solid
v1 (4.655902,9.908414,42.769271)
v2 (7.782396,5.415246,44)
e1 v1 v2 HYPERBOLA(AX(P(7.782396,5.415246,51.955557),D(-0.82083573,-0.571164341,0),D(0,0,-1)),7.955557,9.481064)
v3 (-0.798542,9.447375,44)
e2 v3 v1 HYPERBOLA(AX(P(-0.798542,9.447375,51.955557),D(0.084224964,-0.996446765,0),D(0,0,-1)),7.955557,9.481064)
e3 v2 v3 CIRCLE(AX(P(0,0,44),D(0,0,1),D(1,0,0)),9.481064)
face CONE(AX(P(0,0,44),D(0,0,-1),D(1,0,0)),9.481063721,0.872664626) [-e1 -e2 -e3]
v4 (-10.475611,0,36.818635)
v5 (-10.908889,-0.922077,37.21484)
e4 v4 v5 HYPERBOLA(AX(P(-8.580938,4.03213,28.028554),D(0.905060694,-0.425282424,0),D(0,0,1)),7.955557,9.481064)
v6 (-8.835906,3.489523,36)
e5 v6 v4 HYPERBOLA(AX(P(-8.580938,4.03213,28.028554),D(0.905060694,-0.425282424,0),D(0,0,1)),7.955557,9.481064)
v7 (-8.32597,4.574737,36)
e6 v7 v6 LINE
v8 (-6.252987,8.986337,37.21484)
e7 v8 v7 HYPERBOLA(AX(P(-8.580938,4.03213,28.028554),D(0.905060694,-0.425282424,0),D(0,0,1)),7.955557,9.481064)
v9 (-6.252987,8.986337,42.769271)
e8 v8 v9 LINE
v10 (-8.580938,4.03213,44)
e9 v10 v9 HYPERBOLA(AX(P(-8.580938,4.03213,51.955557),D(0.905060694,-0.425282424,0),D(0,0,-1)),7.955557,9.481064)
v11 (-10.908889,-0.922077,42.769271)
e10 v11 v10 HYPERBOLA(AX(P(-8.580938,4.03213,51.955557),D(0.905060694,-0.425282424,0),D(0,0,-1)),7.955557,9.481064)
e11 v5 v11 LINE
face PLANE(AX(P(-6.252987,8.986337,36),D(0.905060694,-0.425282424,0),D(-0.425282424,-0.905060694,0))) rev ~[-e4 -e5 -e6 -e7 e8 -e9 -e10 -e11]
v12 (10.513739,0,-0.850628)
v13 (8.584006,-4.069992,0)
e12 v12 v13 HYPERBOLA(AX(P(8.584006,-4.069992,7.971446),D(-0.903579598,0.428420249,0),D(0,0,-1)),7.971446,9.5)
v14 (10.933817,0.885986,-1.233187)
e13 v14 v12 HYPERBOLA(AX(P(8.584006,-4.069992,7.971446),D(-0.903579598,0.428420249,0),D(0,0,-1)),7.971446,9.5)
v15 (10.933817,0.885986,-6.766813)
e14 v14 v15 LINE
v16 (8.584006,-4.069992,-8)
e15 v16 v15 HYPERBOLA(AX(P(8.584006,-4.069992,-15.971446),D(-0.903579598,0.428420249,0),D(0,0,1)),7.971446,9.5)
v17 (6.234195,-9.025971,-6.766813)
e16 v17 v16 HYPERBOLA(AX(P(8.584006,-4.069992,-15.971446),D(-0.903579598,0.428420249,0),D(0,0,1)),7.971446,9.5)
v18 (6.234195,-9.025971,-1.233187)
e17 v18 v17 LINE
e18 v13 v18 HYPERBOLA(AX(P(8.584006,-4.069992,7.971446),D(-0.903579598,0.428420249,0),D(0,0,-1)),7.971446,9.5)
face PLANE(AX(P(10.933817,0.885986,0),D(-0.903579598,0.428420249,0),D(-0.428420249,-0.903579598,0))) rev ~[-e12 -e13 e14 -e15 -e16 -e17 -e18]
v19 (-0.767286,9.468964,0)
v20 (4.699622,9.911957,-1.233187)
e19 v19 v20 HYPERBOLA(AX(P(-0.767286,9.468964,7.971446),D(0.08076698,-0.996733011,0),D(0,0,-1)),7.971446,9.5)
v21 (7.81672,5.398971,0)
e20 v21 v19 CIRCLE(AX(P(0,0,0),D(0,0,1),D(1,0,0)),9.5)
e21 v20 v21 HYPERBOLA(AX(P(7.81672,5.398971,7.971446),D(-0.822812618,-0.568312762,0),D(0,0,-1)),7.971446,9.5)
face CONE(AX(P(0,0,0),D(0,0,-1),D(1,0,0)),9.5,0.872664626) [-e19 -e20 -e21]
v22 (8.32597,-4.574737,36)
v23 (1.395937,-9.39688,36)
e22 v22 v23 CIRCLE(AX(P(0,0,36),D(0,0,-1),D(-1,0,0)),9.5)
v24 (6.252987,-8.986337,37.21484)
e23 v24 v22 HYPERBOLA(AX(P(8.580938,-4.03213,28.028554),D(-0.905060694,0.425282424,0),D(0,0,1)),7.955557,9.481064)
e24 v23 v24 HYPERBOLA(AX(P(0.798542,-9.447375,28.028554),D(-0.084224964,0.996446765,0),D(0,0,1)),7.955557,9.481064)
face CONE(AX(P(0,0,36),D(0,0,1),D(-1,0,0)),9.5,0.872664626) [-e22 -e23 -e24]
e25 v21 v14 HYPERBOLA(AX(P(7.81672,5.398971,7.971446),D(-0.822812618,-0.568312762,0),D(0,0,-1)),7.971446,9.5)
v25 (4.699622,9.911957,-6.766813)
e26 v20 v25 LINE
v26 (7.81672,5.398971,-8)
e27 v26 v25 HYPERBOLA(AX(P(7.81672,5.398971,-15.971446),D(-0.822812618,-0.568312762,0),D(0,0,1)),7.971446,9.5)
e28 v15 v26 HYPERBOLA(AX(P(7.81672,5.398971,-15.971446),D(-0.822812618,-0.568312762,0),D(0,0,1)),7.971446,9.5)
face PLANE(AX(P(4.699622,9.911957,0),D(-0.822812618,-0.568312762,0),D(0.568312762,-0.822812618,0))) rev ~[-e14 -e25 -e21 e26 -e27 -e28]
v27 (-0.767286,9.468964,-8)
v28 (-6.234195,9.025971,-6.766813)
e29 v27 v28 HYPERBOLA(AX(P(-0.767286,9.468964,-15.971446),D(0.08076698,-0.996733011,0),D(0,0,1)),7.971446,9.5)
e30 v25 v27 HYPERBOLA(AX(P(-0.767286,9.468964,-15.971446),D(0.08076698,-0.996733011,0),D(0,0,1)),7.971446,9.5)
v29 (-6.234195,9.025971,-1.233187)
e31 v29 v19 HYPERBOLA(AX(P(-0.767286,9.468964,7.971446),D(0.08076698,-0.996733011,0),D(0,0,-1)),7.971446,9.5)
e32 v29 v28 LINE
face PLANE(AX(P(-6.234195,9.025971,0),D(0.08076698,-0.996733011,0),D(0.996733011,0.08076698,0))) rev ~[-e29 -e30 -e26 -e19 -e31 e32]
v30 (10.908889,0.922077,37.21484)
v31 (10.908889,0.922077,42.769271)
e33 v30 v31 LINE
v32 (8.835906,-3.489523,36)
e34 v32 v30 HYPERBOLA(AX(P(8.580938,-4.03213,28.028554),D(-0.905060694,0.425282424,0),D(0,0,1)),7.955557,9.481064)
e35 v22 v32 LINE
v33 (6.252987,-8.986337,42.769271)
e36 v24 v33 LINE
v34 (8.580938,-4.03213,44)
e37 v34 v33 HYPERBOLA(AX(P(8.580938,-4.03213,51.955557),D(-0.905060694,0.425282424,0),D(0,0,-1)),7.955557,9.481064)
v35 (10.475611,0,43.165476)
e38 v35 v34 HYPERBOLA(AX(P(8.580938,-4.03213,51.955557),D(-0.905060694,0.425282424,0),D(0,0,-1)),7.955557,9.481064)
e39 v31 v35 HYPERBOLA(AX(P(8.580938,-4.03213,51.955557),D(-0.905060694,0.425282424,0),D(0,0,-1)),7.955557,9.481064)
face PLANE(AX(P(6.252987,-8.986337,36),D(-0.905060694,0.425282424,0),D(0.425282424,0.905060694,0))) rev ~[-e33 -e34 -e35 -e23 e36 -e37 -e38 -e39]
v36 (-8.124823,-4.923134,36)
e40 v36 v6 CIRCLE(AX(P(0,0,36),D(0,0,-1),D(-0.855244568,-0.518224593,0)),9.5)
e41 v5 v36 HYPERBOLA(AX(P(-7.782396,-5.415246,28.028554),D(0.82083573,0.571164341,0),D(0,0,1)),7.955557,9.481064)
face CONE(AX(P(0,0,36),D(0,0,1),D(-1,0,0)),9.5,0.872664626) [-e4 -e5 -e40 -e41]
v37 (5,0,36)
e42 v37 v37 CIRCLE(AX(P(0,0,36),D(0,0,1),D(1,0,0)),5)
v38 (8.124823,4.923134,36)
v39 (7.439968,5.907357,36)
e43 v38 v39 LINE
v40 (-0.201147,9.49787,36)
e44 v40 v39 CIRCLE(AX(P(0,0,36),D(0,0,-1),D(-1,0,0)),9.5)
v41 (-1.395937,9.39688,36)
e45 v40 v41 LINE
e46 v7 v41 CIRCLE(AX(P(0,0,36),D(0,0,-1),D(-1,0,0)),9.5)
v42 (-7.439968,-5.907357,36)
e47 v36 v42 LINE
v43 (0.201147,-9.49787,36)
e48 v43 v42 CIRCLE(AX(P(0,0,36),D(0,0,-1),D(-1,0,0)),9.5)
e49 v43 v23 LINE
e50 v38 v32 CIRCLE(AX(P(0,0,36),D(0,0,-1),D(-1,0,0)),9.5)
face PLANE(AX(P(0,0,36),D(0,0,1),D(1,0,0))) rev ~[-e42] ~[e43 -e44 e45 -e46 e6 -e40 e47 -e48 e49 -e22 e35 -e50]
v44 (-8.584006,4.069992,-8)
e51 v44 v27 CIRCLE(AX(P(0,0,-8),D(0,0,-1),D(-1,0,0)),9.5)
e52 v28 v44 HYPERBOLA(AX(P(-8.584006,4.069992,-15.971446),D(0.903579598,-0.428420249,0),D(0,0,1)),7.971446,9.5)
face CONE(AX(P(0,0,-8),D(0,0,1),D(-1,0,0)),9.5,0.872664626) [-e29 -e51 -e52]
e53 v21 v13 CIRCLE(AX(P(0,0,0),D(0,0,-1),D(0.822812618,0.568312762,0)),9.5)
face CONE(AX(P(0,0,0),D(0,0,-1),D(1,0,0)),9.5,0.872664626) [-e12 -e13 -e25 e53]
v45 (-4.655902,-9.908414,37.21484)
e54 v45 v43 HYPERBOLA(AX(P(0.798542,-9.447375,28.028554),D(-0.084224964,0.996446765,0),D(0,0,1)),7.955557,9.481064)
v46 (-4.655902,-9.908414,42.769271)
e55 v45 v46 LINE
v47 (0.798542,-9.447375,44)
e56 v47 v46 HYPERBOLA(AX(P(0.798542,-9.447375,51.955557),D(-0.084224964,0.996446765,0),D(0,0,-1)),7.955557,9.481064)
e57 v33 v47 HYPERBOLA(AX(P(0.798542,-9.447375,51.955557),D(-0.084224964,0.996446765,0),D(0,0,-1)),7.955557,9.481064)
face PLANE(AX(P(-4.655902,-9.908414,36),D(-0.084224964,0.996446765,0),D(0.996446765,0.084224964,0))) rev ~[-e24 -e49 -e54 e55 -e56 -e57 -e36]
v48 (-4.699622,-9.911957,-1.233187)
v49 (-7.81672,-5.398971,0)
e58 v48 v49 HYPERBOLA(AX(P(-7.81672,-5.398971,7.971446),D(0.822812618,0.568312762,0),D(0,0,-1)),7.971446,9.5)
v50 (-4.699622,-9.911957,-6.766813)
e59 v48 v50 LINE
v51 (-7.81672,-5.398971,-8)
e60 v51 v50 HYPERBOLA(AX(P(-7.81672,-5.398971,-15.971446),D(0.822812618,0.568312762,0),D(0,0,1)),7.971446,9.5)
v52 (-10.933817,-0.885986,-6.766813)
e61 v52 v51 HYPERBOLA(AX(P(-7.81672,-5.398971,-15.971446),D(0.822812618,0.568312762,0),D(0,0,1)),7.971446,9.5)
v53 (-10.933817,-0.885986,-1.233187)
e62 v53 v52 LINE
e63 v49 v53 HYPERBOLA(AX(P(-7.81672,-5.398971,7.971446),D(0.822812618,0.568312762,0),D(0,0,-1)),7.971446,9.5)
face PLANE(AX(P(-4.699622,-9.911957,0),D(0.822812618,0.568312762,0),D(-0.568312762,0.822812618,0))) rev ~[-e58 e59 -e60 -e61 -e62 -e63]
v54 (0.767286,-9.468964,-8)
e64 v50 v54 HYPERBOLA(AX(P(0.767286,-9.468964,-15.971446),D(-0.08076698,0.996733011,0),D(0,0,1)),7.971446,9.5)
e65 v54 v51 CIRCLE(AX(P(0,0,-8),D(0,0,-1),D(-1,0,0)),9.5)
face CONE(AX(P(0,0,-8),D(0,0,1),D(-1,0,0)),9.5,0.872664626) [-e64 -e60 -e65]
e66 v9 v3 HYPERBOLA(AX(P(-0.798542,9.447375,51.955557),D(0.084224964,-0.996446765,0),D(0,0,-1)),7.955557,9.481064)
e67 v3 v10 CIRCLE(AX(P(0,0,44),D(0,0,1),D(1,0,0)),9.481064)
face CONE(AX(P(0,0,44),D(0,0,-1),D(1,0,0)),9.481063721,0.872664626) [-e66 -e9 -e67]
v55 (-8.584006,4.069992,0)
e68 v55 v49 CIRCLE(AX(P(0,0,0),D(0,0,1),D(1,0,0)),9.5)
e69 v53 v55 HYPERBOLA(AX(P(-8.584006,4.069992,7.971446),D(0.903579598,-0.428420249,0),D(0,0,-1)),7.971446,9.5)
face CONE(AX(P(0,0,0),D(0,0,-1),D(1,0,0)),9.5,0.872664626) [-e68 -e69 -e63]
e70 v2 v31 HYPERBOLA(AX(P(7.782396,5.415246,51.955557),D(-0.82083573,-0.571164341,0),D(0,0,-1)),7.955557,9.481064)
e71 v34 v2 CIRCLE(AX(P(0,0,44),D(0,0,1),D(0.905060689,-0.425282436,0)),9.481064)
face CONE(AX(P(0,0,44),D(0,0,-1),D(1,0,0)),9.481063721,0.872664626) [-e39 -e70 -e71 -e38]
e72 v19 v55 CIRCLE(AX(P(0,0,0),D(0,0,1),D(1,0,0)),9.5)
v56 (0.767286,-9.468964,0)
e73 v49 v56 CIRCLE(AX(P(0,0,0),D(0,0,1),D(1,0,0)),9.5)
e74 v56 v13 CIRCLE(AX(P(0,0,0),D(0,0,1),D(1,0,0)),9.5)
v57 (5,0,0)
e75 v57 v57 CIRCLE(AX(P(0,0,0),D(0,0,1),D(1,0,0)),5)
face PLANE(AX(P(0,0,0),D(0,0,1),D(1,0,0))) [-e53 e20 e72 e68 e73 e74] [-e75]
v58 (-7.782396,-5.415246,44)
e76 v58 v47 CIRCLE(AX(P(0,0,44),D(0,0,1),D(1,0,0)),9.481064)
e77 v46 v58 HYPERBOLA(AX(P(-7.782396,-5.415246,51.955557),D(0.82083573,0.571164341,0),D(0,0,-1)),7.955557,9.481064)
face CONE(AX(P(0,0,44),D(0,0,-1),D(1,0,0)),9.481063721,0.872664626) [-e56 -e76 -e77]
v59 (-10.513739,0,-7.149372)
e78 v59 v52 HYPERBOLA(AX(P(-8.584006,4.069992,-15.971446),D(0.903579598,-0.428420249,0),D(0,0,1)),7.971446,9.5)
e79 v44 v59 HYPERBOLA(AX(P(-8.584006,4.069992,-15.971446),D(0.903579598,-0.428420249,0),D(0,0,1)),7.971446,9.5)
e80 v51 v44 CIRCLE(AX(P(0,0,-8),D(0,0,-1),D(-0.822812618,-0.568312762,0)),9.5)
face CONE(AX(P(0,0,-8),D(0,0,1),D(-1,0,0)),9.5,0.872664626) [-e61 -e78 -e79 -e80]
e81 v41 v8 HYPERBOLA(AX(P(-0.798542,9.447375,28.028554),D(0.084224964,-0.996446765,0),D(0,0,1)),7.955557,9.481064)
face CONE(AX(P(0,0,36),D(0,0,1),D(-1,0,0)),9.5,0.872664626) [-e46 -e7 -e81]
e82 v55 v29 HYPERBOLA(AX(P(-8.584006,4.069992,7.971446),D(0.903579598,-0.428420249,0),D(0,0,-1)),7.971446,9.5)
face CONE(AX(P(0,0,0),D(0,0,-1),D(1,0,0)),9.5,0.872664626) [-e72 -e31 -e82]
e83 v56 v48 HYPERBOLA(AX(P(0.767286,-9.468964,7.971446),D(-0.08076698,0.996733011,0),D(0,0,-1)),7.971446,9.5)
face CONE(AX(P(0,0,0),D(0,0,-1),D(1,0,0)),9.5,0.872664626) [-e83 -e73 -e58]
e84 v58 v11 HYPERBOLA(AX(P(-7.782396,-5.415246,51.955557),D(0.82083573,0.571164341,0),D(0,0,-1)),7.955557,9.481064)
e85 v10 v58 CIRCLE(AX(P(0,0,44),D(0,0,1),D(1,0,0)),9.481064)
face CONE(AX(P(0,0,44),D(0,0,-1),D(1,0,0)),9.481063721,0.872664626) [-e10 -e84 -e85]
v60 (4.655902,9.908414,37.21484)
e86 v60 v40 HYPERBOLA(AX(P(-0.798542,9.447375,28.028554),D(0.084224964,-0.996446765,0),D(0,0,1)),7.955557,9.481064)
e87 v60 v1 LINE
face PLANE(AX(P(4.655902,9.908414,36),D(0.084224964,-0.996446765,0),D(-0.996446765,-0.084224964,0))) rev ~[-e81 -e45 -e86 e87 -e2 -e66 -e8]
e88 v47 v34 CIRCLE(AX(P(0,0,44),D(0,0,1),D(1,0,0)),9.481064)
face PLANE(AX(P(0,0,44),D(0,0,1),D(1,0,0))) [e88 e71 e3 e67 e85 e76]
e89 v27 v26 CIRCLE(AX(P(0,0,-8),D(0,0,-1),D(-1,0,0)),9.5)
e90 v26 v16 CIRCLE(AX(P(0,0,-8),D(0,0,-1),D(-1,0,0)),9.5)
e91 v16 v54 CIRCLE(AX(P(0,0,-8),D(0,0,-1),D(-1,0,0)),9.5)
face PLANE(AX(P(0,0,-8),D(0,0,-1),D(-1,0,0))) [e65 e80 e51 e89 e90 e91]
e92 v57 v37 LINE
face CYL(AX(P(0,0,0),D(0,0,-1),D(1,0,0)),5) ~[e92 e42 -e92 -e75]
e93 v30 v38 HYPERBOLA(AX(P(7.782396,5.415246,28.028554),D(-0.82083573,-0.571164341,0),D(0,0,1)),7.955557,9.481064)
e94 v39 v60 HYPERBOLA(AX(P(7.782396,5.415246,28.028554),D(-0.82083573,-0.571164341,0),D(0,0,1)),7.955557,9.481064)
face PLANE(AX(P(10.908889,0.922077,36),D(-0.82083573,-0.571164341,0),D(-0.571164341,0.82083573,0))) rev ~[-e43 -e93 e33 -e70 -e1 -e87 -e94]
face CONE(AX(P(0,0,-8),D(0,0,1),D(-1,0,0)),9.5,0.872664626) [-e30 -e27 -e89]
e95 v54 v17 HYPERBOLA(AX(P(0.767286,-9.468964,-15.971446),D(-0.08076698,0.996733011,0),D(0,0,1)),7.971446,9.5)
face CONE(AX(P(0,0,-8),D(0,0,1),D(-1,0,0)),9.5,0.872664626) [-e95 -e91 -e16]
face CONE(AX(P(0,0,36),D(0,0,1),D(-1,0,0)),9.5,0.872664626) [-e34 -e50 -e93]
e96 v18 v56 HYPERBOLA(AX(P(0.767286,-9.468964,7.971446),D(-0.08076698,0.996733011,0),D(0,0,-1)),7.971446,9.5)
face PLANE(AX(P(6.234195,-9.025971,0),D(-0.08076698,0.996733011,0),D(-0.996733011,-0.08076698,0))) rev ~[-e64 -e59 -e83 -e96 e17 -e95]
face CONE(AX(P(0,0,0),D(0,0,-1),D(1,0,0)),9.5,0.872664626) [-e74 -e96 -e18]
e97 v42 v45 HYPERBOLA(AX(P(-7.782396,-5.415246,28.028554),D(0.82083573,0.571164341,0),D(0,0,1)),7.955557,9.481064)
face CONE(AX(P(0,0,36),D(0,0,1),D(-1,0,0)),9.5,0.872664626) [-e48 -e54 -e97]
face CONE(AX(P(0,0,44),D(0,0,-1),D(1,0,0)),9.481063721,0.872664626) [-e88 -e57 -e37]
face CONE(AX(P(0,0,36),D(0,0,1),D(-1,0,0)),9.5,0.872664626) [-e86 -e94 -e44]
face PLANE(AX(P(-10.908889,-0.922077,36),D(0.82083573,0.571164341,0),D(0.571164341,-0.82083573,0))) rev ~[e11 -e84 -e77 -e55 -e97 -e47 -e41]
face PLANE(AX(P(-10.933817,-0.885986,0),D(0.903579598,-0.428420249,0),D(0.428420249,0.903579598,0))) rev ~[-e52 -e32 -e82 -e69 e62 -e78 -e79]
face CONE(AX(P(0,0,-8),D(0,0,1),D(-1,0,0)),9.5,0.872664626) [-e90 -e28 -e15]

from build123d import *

# Parameters (mm, degrees)
SKETCH1_R           = 6
BOSS_EXTRUDE1_DEPTH = 36
BOSS_EXTRUDE2_DEPTH = 8
SKETCH3_OUTSIDE_W   = 53.532
SKETCH3_OUTSIDE_H   = 51.488
SKETCH3_OUTSIDE_R   = 9.5
CUT_EXTRUDE1_DEPTH  = 8
CUT_EXTRUDE1_DRAFT  = -50
SKETCH4_OUTSIDE_W   = 53.532
SKETCH4_OUTSIDE_H   = 51.488
SKETCH4_OUTSIDE_R   = 9.5
CUT_EXTRUDE3_DEPTH  = 8
CUT_EXTRUDE3_DRAFT  = -50
BOSS_EXTRUDE3_DEPTH = 8
SKETCH6_OUTSIDE_W   = 54.894
SKETCH6_OUTSIDE_H   = 52.85
SKETCH6_OUTSIDE_R   = 9.5
CUT_EXTRUDE6_DEPTH  = 8
CUT_EXTRUDE6_DRAFT  = -50
SKETCH7_OUTSIDE_W   = 54.894
SKETCH7_OUTSIDE_H   = 52.85
SKETCH7_OUTSIDE_R   = 9.481063721
CUT_EXTRUDE7_DEPTH  = 8
CUT_EXTRUDE7_DRAFT  = -50
SKETCH8_R           = 6
SKETCH8_R_2         = 5
CUT_EXTRUDE8_DEPTH  = 36


with BuildPart() as part:
    # Sketch1 → Boss-Extrude1 (new body)
    with BuildSketch(Plane.XY):
        Circle(SKETCH1_R)
    extrude(amount=BOSS_EXTRUDE1_DEPTH)

    # Sketch2 → Boss-Extrude2 (add)
    with BuildSketch(Plane(origin=(0, 0, 0), x_dir=(-1, 0, 0), z_dir=(0, 0, -1))):
        Polygon((-10.93381737, 0.885985919), (-6.234194998, -9.025970644), (4.699622372, -9.911956562), (10.93381737, -0.885985919), (6.234194998, 9.025970644), (-4.699622372, 9.911956562), align=None)
    extrude(amount=BOSS_EXTRUDE2_DEPTH)


with BuildPart() as cut_extrude1_tool:
    # Sketch3 outside → Cut-Extrude1 (with draft: the straight prism first)
    with BuildSketch(Plane.XY):
        Rectangle(SKETCH3_OUTSIDE_W, SKETCH3_OUTSIDE_H)
        Circle(SKETCH3_OUTSIDE_R, mode=Mode.SUBTRACT)
    extrude(amount=-CUT_EXTRUDE1_DEPTH)
    # Cut-Extrude1: the draft: its side faces are tilted about the plane it starts from
    cut_extrude1_sides = [cut_extrude1_tool.faces().sort_by_distance(p)[0] for p in [
        (0, -25.744, -4),
        (26.766, 0, -4),
        (0, 25.744, -4),
        (-26.766, 0, -4),
        (-9.5, 0, -4),
    ]]
    draft(cut_extrude1_sides, Plane.XY, CUT_EXTRUDE1_DRAFT)


with BuildPart() as part_1:
    add(part.part)

    # Cut-Extrude1: cut by cut_extrude1_tool
    add(cut_extrude1_tool.part, mode=Mode.SUBTRACT)


with BuildPart() as cut_extrude3_tool:
    # Sketch4 outside → Cut-Extrude3 (with draft: the straight prism first)
    with BuildSketch(Plane(origin=(0, 0, -8), x_dir=(-1, 0, 0), z_dir=(0, 0, -1))):
        Rectangle(SKETCH4_OUTSIDE_W, SKETCH4_OUTSIDE_H)
        Circle(SKETCH4_OUTSIDE_R, mode=Mode.SUBTRACT)
    extrude(amount=-CUT_EXTRUDE3_DEPTH)
    # Cut-Extrude3: the draft: its side faces are tilted about the plane it starts from
    cut_extrude3_sides = [cut_extrude3_tool.faces().sort_by_distance(p)[0] for p in [
        (0, -25.744, -4),
        (-26.766, 0, -4),
        (0, 25.744, -4),
        (26.766, 0, -4),
        (9.5, 0, -4),
    ]]
    draft(cut_extrude3_sides, Plane(origin=(0, 0, -8), x_dir=(-1, 0, 0), z_dir=(0, 0, -1)), CUT_EXTRUDE3_DRAFT)


with BuildPart() as part_2:
    add(part_1.part)

    # Cut-Extrude3: cut by cut_extrude3_tool
    add(cut_extrude3_tool.part, mode=Mode.SUBTRACT)

    # Sketch5 → Boss-Extrude3 (add)
    with BuildSketch(Plane.XY.offset(36)):
        Polygon((-6.252986911, 8.986336688), (-10.908889314, -0.92207717), (-4.655902404, -9.908413858), (6.252986911, -8.986336688), (10.908889314, 0.92207717), (4.655902404, 9.908413858), align=None)
    extrude(amount=BOSS_EXTRUDE3_DEPTH)


with BuildPart() as cut_extrude6_tool:
    # Sketch6 outside → Cut-Extrude6 (with draft: the straight prism first)
    with BuildSketch(Plane(origin=(0, 0, 36), x_dir=(-1, 0, 0), z_dir=(0, 0, -1))):
        Rectangle(SKETCH6_OUTSIDE_W, SKETCH6_OUTSIDE_H)
        Circle(SKETCH6_OUTSIDE_R, mode=Mode.SUBTRACT)
    extrude(amount=-CUT_EXTRUDE6_DEPTH)
    # Cut-Extrude6: the draft: its side faces are tilted about the plane it starts from
    cut_extrude6_sides = [cut_extrude6_tool.faces().sort_by_distance(p)[0] for p in [
        (0, -26.425, 40),
        (-27.447, 0, 40),
        (0, 26.425, 40),
        (27.447, 0, 40),
        (9.5, 0, 40),
    ]]
    draft(cut_extrude6_sides, Plane(origin=(0, 0, 36), x_dir=(-1, 0, 0), z_dir=(0, 0, -1)), CUT_EXTRUDE6_DRAFT)


with BuildPart() as part_3:
    add(part_2.part)

    # Cut-Extrude6: cut by cut_extrude6_tool
    add(cut_extrude6_tool.part, mode=Mode.SUBTRACT)


with BuildPart() as cut_extrude7_tool:
    # Sketch7 outside → Cut-Extrude7 (with draft: the straight prism first)
    with BuildSketch(Plane.XY.offset(44)):
        Rectangle(SKETCH7_OUTSIDE_W, SKETCH7_OUTSIDE_H)
        Circle(SKETCH7_OUTSIDE_R, mode=Mode.SUBTRACT)
    extrude(amount=-CUT_EXTRUDE7_DEPTH)
    # Cut-Extrude7: the draft: its side faces are tilted about the plane it starts from
    cut_extrude7_sides = [cut_extrude7_tool.faces().sort_by_distance(p)[0] for p in [
        (0, -26.425, 40),
        (27.447, 0, 40),
        (0, 26.425, 40),
        (-27.447, 0, 40),
        (-9.481063721, 0, 40),
    ]]
    draft(cut_extrude7_sides, Plane.XY.offset(44), CUT_EXTRUDE7_DRAFT)


with BuildPart() as part_4:
    add(part_3.part)

    # Cut-Extrude7: cut by cut_extrude7_tool
    add(cut_extrude7_tool.part, mode=Mode.SUBTRACT)

    # Sketch8 → Cut-Extrude8 (cut)
    with BuildSketch(Plane.XY):
        Circle(SKETCH8_R)
        Circle(SKETCH8_R_2, mode=Mode.SUBTRACT)
    extrude(amount=CUT_EXTRUDE8_DEPTH, mode=Mode.SUBTRACT)


solid = part_4.part
